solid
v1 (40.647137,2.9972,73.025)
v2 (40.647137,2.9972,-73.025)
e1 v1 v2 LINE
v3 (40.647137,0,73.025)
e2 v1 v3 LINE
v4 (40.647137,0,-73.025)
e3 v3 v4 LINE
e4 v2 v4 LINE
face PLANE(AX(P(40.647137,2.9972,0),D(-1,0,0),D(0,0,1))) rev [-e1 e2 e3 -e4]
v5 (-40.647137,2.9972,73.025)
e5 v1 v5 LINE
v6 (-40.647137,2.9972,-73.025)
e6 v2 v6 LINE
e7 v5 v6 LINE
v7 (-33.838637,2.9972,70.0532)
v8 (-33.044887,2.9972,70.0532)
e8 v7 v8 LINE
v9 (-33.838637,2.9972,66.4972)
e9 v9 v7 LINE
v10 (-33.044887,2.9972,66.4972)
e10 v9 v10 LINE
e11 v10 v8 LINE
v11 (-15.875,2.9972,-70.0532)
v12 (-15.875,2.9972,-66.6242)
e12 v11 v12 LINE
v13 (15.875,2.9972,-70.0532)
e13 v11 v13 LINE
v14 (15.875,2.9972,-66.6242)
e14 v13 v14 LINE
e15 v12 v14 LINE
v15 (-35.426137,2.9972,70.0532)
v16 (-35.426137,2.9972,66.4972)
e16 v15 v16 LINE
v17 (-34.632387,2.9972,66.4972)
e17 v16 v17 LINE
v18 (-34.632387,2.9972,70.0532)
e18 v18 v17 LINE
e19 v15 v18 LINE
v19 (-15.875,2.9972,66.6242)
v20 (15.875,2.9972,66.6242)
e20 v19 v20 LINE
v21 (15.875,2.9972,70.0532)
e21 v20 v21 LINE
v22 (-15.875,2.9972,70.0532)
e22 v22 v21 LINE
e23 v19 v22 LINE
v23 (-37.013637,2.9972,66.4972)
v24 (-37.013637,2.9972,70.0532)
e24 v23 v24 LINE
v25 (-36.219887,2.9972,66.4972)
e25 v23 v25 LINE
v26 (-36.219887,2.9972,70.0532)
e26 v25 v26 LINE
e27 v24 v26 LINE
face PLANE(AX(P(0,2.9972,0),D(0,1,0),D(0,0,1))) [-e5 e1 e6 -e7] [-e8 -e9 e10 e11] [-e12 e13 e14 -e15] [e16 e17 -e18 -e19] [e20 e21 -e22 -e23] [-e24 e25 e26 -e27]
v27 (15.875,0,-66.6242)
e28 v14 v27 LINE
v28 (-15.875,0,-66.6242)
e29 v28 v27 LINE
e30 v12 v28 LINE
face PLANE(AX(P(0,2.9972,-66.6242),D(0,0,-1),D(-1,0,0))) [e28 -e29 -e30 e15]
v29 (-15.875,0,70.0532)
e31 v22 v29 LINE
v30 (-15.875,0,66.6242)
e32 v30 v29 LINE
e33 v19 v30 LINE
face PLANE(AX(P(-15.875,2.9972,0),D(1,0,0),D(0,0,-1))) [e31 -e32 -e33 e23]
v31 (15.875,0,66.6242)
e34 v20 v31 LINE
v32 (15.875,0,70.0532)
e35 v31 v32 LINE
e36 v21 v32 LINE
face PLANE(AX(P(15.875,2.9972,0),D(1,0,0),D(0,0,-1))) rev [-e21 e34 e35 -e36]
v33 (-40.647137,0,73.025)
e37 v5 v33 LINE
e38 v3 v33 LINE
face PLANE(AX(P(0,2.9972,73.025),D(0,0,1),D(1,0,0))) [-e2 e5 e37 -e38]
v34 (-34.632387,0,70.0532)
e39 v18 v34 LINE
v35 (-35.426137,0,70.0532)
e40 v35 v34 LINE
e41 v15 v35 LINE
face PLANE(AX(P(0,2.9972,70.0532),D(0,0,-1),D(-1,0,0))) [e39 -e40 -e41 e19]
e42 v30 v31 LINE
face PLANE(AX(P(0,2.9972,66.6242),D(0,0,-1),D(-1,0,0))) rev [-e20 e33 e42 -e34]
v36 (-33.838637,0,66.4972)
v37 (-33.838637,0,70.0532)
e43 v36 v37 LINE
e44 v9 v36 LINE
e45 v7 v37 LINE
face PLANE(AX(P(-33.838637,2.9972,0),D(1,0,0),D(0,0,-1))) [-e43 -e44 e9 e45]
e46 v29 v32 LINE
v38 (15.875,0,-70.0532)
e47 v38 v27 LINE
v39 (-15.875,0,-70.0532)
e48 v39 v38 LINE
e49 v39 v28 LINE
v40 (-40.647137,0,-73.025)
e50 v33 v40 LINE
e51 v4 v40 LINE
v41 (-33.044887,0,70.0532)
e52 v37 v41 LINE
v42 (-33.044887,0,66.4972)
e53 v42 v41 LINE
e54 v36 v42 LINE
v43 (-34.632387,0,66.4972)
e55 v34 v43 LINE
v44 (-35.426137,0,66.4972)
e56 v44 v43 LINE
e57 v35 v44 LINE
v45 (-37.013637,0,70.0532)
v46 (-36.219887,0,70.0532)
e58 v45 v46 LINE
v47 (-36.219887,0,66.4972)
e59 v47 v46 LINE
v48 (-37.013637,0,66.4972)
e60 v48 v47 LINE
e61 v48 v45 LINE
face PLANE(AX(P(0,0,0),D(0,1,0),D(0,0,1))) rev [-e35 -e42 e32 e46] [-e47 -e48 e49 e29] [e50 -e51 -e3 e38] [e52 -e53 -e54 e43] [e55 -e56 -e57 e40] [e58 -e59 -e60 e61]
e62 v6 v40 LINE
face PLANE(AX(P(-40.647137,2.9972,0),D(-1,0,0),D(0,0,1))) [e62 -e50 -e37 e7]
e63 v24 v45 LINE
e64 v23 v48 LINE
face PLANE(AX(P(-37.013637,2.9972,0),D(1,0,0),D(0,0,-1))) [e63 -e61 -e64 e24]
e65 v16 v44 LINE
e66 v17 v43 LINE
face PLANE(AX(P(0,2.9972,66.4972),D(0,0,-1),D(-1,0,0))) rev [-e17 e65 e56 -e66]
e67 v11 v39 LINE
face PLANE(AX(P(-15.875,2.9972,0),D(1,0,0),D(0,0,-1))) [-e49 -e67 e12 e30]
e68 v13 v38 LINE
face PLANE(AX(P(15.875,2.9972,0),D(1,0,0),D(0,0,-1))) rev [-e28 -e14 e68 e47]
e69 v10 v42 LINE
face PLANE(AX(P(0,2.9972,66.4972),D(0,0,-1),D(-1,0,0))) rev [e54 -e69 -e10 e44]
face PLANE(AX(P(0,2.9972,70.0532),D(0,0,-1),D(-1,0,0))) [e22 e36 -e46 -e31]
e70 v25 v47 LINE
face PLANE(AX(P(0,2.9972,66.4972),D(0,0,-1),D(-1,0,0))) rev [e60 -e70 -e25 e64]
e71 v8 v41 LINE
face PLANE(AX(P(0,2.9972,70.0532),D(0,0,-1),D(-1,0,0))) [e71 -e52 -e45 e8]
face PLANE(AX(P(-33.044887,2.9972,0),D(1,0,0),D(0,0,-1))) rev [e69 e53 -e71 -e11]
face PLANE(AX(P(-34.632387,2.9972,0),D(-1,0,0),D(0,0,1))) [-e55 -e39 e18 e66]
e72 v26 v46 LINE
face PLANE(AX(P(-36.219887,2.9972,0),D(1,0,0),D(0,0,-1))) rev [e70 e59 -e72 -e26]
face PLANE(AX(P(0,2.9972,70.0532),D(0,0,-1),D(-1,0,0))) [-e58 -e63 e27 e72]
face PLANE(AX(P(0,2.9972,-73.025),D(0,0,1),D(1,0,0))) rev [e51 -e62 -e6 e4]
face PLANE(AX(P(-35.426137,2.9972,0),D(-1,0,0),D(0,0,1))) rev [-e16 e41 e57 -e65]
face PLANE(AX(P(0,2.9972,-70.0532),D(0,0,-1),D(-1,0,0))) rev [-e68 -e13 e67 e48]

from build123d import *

# Parameters (mm, degrees)
SKETCH1_W           = 81.2942748
SKETCH1_H           = 146.05
SKETCH1_W_2         = 31.75
SKETCH1_H_2         = 3.429
SKETCH1_W_3         = 0.79375
SKETCH1_H_3         = 3.556
BOSS_EXTRUDE1_DEPTH = 2.9972


with BuildPart() as part:
    # Sketch1 → Boss-Extrude1 (new body)
    with BuildSketch(Plane(origin=(0, 0, 0), x_dir=(1, 0, 0), z_dir=(0, 1, 0))):
        Rectangle(SKETCH1_W, SKETCH1_H)
        with Locations((0, 68.3387)):
            Rectangle(SKETCH1_W_2, SKETCH1_H_2, mode=Mode.SUBTRACT)
        with Locations((0, -68.3387)):
            Rectangle(SKETCH1_W_2, SKETCH1_H_2, mode=Mode.SUBTRACT)
        with Locations((-36.61676177, -68.2752)):
            Rectangle(SKETCH1_W_3, SKETCH1_H_3, mode=Mode.SUBTRACT)
        with Locations((-35.02926177, -68.2752)):
            Rectangle(SKETCH1_W_3, SKETCH1_H_3, mode=Mode.SUBTRACT)
        with Locations((-33.44176177, -68.2752)):
            Rectangle(SKETCH1_W_3, SKETCH1_H_3, mode=Mode.SUBTRACT)
    extrude(amount=BOSS_EXTRUDE1_DEPTH)


solid = part.part
